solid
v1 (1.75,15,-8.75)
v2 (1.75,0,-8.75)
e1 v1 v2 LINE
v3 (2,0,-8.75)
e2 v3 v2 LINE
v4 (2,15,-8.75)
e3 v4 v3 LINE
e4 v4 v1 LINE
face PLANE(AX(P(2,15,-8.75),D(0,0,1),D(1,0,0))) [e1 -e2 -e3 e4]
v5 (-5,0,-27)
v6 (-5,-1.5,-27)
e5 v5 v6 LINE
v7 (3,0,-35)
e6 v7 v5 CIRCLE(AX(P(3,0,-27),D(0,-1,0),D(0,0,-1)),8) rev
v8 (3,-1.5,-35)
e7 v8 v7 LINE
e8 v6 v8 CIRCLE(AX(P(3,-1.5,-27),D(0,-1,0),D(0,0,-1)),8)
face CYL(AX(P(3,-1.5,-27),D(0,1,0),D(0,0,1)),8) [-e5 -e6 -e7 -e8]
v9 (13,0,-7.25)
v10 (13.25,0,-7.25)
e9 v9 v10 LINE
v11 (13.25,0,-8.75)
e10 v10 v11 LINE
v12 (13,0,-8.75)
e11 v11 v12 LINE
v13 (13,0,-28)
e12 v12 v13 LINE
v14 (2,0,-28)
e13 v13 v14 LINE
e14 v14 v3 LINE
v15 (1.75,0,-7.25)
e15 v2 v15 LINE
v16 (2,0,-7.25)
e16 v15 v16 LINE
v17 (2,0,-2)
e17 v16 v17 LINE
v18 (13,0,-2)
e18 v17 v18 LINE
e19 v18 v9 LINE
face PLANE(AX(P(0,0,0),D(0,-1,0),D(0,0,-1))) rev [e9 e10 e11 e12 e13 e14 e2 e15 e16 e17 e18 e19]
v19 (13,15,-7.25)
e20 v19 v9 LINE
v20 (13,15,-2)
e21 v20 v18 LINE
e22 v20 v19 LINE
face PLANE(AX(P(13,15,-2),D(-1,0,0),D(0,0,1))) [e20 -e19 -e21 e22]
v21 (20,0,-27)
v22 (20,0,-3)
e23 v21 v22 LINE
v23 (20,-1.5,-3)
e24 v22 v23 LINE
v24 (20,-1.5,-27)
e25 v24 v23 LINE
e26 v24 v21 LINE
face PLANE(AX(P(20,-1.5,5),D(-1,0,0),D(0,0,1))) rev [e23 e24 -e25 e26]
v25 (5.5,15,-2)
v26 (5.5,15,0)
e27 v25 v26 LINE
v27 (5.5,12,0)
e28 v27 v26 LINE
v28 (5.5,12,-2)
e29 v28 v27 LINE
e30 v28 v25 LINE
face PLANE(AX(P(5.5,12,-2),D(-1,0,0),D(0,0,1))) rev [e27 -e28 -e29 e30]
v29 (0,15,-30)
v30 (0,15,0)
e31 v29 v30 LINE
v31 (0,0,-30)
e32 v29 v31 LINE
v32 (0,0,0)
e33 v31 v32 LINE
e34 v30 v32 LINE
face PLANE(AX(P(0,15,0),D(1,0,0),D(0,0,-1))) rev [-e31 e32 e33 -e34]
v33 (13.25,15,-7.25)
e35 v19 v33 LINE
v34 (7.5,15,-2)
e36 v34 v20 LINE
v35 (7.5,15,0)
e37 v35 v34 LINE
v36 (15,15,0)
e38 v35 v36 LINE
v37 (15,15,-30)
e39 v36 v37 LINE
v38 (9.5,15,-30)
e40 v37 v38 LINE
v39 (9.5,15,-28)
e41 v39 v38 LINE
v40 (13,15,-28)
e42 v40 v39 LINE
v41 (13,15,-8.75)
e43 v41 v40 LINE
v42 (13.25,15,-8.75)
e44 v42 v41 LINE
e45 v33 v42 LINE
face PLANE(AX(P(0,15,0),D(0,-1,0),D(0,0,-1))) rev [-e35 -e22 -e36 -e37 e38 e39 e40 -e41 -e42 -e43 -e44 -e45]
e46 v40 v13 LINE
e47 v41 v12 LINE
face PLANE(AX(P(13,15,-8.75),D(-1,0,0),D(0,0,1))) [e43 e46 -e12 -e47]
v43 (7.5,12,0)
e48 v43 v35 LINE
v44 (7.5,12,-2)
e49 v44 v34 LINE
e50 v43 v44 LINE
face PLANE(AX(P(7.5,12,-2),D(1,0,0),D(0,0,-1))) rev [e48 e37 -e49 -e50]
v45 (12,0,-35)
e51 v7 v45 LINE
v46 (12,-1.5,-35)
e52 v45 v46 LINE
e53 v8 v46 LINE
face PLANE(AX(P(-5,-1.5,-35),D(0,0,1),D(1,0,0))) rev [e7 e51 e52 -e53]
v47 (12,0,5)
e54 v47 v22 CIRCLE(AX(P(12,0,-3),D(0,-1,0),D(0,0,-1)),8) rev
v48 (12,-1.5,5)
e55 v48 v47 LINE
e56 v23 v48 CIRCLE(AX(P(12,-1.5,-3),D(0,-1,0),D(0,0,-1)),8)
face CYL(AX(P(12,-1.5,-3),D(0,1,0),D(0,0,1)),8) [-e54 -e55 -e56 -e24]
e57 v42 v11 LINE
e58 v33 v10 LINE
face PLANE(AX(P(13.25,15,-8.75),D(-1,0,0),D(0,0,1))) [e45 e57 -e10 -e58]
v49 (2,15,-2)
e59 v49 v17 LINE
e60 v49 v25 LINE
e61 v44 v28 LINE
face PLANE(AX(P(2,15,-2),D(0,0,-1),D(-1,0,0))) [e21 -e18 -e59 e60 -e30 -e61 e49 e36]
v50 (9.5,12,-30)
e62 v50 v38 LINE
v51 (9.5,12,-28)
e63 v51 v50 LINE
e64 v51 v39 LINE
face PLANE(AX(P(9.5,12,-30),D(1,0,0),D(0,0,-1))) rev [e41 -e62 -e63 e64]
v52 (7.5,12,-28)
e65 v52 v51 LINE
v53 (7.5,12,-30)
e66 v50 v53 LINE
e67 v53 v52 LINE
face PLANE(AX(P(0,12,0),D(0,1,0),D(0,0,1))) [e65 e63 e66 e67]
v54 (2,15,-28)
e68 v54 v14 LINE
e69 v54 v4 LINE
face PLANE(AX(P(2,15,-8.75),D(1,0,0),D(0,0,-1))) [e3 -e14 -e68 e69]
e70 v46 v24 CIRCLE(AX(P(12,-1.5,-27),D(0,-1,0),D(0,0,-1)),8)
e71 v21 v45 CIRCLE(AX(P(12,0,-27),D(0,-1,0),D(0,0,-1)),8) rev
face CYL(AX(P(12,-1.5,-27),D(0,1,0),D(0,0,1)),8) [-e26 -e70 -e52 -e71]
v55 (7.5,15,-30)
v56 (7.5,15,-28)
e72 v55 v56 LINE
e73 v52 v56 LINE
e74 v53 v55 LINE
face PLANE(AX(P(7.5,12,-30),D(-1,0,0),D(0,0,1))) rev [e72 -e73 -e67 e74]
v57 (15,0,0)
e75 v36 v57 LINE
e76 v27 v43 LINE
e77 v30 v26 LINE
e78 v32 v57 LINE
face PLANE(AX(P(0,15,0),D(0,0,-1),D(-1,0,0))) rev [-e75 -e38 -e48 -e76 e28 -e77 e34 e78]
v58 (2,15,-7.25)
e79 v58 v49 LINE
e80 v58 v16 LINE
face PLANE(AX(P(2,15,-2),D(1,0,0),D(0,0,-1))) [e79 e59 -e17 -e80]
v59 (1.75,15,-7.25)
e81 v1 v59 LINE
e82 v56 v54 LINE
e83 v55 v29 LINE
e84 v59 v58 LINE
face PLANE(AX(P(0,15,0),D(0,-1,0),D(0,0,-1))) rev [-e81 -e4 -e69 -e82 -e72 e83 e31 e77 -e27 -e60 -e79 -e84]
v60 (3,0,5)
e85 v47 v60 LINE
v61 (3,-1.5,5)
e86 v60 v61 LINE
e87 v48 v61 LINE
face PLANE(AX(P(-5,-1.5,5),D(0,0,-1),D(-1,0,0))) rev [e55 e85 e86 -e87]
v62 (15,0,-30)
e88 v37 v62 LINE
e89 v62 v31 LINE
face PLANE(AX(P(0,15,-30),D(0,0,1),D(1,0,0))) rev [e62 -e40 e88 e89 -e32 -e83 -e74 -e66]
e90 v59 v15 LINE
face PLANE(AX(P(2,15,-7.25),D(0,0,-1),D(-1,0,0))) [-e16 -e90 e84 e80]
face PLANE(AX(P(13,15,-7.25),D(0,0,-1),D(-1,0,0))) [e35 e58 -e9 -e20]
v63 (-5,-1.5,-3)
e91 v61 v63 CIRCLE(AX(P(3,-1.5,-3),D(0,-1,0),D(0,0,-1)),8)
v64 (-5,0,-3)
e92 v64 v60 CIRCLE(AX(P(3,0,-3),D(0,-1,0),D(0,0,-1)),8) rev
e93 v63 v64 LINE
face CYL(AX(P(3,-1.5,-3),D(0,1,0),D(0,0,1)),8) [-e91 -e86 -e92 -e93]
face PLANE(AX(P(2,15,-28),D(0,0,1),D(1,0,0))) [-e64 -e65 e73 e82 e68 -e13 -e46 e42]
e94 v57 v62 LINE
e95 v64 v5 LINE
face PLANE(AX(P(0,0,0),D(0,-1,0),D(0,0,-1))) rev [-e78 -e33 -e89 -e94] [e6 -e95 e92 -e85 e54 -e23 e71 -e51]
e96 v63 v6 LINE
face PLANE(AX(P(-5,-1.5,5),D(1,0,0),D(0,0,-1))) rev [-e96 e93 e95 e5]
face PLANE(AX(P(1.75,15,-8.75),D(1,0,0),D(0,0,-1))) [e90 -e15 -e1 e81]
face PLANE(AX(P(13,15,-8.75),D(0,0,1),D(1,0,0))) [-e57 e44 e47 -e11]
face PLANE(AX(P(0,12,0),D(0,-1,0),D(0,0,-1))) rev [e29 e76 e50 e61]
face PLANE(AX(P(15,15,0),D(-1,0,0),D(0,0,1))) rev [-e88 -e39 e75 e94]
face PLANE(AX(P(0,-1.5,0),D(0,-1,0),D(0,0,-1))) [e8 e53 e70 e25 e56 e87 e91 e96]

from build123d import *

# Parameters (mm, degrees)
SKETCH1_W           = 15
SKETCH1_H           = 30
BOSS_EXTRUDE1_DEPTH = 15
SKETCH2_W           = 25
SKETCH2_H           = 40
BOSS_EXTRUDE2_DEPTH = 1.5
SKETCH4_W           = 2
SKETCH4_H           = 2
CUT_EXTRUDE2_DEPTH  = 3
FILLET2_R           = 8


with BuildPart() as part:
    # Sketch1 → Boss-Extrude1 (new body)
    with BuildSketch(Plane(origin=(0, 0, 0), x_dir=(1, 0, 0), z_dir=(0, 1, 0))):
        with Locations((7.5, 15)):
            Rectangle(SKETCH1_W, SKETCH1_H)
        Polygon((2, 2), (13, 2), (13, 7.25), (13.25, 7.25), (13.25, 8.75), (13, 8.75), (13, 28), (2, 28), (2, 8.75), (1.75, 8.75), (1.75, 7.25), (2, 7.25), align=None, mode=Mode.SUBTRACT)
    extrude(amount=BOSS_EXTRUDE1_DEPTH)

    # Sketch2 → Boss-Extrude2 (add)
    with BuildSketch(Plane.XZ):
        with Locations((7.5, -15)):
            Rectangle(SKETCH2_W, SKETCH2_H)
    extrude(amount=BOSS_EXTRUDE2_DEPTH)

    # Sketch4 → Cut-Extrude2 (cut)
    with BuildSketch(Plane(origin=(0, 15, 0), x_dir=(1, 0, 0), z_dir=(0, 1, 0))):
        with Locations((8.5, 29)):
            Rectangle(SKETCH4_W, SKETCH4_H)
        with Locations((6.5, 1)):
            Rectangle(SKETCH4_W, SKETCH4_H)
    extrude(amount=-CUT_EXTRUDE2_DEPTH, mode=Mode.SUBTRACT)

    # Fillet2
    fillet2_edges = [part.edges().sort_by_distance(p)[0] for p in [
        (-5, -0.75, 5),
        (-5, -0.75, -35),
        (20, -0.75, -35),
        (20, -0.75, 5),
    ]]
    fillet(fillet2_edges, radius=FILLET2_R)


solid = part.part
